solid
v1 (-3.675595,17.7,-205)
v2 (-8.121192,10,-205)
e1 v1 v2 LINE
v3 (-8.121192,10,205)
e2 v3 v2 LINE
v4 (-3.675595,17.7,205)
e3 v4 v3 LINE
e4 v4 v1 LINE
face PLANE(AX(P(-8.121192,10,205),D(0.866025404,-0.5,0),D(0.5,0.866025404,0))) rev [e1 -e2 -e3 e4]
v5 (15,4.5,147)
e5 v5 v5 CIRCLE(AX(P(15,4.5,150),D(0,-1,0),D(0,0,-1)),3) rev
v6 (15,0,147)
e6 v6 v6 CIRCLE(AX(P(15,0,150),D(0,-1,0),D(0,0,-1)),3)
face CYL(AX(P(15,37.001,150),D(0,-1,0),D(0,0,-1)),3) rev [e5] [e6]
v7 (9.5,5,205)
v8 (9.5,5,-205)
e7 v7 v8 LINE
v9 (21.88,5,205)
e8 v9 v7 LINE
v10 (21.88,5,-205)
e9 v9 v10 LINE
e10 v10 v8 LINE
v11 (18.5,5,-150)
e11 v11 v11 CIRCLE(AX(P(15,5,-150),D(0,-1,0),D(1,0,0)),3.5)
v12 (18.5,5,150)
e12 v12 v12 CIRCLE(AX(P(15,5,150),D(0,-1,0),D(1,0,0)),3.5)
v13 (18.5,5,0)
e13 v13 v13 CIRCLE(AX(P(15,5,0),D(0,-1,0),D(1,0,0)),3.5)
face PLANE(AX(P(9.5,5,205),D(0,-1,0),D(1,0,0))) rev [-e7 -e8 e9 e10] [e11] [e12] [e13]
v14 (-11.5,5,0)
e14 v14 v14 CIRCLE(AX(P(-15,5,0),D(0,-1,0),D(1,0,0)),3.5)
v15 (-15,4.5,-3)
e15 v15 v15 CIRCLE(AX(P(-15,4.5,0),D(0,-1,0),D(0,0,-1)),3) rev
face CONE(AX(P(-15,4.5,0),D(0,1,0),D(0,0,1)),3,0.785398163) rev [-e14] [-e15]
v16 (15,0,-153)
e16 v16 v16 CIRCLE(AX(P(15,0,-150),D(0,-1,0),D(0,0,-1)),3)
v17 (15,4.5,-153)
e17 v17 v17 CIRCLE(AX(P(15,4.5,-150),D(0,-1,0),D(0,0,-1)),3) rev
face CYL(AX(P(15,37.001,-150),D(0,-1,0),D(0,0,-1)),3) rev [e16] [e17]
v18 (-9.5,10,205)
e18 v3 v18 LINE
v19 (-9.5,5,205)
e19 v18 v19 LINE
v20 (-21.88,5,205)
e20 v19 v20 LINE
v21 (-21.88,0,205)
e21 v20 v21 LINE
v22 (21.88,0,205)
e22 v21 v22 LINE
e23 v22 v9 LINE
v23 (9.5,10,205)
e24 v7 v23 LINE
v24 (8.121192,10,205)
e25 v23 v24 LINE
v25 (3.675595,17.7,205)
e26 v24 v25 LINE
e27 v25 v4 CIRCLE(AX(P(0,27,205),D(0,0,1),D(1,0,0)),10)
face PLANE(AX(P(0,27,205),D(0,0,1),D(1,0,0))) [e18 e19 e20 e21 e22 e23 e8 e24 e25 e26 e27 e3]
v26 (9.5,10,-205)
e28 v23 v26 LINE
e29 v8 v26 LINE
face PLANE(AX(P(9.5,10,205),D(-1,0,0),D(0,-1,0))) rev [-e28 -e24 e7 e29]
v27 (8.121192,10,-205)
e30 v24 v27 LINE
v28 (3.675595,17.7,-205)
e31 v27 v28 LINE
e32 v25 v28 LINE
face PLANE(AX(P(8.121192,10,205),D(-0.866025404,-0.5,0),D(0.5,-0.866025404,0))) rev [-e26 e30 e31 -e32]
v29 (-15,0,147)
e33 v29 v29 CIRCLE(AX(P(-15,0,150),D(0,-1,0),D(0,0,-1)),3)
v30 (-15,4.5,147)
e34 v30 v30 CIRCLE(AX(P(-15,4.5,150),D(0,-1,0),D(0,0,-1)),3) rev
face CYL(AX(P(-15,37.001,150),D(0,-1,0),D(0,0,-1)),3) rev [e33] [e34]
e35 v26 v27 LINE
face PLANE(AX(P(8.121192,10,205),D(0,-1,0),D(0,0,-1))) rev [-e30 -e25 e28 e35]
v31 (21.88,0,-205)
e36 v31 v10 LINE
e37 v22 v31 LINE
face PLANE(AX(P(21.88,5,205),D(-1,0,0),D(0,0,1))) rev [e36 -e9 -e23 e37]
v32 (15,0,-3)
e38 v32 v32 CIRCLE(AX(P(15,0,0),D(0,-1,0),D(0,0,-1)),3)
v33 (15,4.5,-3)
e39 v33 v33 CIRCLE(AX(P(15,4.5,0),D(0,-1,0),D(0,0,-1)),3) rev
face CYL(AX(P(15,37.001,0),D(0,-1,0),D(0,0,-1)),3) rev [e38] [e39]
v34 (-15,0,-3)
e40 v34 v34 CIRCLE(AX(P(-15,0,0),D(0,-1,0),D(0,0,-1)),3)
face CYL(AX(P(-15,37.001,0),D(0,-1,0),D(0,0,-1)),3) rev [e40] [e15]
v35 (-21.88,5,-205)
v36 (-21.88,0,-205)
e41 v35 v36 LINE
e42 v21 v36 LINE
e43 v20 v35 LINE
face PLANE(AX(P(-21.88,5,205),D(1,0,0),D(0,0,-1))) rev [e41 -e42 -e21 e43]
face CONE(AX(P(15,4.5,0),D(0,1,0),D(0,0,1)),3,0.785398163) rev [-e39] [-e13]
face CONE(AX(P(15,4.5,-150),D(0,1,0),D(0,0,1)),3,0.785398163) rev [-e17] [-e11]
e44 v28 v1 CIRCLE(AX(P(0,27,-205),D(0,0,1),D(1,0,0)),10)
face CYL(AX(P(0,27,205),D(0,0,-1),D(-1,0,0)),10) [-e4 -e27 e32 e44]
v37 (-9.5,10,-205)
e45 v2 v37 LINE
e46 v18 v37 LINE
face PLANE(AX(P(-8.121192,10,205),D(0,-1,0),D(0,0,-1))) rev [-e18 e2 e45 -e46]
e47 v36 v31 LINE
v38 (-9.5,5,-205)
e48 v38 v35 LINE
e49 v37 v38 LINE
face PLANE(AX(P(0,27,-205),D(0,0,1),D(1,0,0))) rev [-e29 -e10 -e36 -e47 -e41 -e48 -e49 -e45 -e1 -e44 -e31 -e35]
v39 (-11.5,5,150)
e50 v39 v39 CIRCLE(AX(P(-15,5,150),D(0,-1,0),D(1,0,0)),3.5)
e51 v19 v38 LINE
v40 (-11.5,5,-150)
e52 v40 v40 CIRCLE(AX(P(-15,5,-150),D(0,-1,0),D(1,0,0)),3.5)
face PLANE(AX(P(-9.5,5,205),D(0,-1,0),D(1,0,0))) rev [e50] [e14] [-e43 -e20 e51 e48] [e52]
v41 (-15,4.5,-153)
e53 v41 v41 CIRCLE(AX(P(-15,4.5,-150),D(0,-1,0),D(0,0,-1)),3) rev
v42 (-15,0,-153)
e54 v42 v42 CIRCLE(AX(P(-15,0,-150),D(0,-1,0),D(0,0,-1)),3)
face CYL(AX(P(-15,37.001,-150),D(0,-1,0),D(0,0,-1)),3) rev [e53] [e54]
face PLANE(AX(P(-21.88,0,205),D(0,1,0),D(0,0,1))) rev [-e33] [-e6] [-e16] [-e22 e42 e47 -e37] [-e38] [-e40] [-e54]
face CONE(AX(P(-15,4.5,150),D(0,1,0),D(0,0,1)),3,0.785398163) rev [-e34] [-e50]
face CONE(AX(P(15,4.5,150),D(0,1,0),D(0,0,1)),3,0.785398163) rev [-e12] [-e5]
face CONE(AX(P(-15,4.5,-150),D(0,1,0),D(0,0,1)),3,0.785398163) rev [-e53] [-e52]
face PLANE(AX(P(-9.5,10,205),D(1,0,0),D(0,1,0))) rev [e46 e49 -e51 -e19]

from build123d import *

# Parameters (mm, degrees)
SALIENTE_EXTRUIR1_DEPTH = 205
CORTAR_EXTRUIR1_REACH   = 211.458
CROQUIS2_R              = 3
CHAFL_N1_SIZE           = 0.5


with BuildPart() as part:
    # Croquis1 → Saliente-Extruir1 (new, symmetric)
    with BuildSketch(Plane.XY):
        with BuildLine():
            Line((-8.121192263, 10), (-3.67559519, 17.7))
            ThreePointArc((-3.67559519, 17.7), (0, 37), (3.67559519, 17.7))
            Line((3.67559519, 17.7), (8.121192263, 10))
            Line((8.121192263, 10), (9.5, 10))
            Line((9.5, 10), (9.5, 5))
            Line((9.5, 5), (21.88, 5))
            Line((21.88, 5), (21.88, 0))
            Line((21.88, 0), (-21.88, 0))
            Line((-21.88, 0), (-21.88, 5))
            Line((-21.88, 5), (-9.5, 5))
            Line((-9.5, 5), (-9.5, 10))
            Line((-9.5, 10), (-8.121192263, 10))
        make_face()
    extrude(amount=SALIENTE_EXTRUIR1_DEPTH, both=True)

    # Croquis2 → Cortar-Extruir1 (cut, up to next)
    with BuildSketch(Plane.XZ, mode=Mode.PRIVATE) as cortar_extruir1_sk1:
        with Locations(Location((15, 150, 0), (0, 0, 270))):
            Circle(CROQUIS2_R)
    cortar_extruir1_tool1 = extrude(cortar_extruir1_sk1.sketch, amount=-CORTAR_EXTRUIR1_REACH, mode=Mode.PRIVATE) & part.part
    # Croquis2 → Cortar-Extruir1 (cut, up to next)
    with BuildSketch(Plane.XZ, mode=Mode.PRIVATE) as cortar_extruir1_sk2:
        with Locations(Location((-15, 150, 0), (0, 0, 270))):
            Circle(CROQUIS2_R)
    cortar_extruir1_tool2 = extrude(cortar_extruir1_sk2.sketch, amount=-CORTAR_EXTRUIR1_REACH, mode=Mode.PRIVATE) & part.part
    # Croquis2 → Cortar-Extruir1 (cut, up to next)
    with BuildSketch(Plane.XZ, mode=Mode.PRIVATE) as cortar_extruir1_sk3:
        with Locations(Location((-15, 0, 0), (0, 0, 270))):
            Circle(CROQUIS2_R)
    cortar_extruir1_tool3 = extrude(cortar_extruir1_sk3.sketch, amount=-CORTAR_EXTRUIR1_REACH, mode=Mode.PRIVATE) & part.part
    # Croquis2 → Cortar-Extruir1 (cut, up to next)
    with BuildSketch(Plane.XZ, mode=Mode.PRIVATE) as cortar_extruir1_sk4:
        with Locations(Location((15, 0, 0), (0, 0, 270))):
            Circle(CROQUIS2_R)
    cortar_extruir1_tool4 = extrude(cortar_extruir1_sk4.sketch, amount=-CORTAR_EXTRUIR1_REACH, mode=Mode.PRIVATE) & part.part
    # Croquis2 → Cortar-Extruir1 (cut, up to next)
    with BuildSketch(Plane.XZ, mode=Mode.PRIVATE) as cortar_extruir1_sk5:
        with Locations(Location((15, -150, 0), (0, 0, 270))):
            Circle(CROQUIS2_R)
    cortar_extruir1_tool5 = extrude(cortar_extruir1_sk5.sketch, amount=-CORTAR_EXTRUIR1_REACH, mode=Mode.PRIVATE) & part.part
    # Croquis2 → Cortar-Extruir1 (cut, up to next)
    with BuildSketch(Plane.XZ, mode=Mode.PRIVATE) as cortar_extruir1_sk6:
        with Locations(Location((-15, -150, 0), (0, 0, 270))):
            Circle(CROQUIS2_R)
    cortar_extruir1_tool6 = extrude(cortar_extruir1_sk6.sketch, amount=-CORTAR_EXTRUIR1_REACH, mode=Mode.PRIVATE) & part.part
    add(cortar_extruir1_tool1.solids().sort_by_distance((15, 0, 150))[0], mode=Mode.SUBTRACT)
    add(cortar_extruir1_tool2.solids().sort_by_distance((-15, 0, 150))[0], mode=Mode.SUBTRACT)
    add(cortar_extruir1_tool3.solids().sort_by_distance((-15, 0, 0))[0], mode=Mode.SUBTRACT)
    add(cortar_extruir1_tool4.solids().sort_by_distance((15, 0, 0))[0], mode=Mode.SUBTRACT)
    add(cortar_extruir1_tool5.solids().sort_by_distance((15, 0, -150))[0], mode=Mode.SUBTRACT)
    add(cortar_extruir1_tool6.solids().sort_by_distance((-15, 0, -150))[0], mode=Mode.SUBTRACT)

    # Chaflán1
    chafl_n1_edges = [part.edges().sort_by_distance(p)[0] for p in [
        (-15, 5, 153),
        (-15, 5, 3),
        (15, 5, 3),
        (15, 5, -147),
        (-15, 5, -147),
        (15, 5, 153),
    ]]
    chamfer(chafl_n1_edges, length=CHAFL_N1_SIZE)


solid = part.part
